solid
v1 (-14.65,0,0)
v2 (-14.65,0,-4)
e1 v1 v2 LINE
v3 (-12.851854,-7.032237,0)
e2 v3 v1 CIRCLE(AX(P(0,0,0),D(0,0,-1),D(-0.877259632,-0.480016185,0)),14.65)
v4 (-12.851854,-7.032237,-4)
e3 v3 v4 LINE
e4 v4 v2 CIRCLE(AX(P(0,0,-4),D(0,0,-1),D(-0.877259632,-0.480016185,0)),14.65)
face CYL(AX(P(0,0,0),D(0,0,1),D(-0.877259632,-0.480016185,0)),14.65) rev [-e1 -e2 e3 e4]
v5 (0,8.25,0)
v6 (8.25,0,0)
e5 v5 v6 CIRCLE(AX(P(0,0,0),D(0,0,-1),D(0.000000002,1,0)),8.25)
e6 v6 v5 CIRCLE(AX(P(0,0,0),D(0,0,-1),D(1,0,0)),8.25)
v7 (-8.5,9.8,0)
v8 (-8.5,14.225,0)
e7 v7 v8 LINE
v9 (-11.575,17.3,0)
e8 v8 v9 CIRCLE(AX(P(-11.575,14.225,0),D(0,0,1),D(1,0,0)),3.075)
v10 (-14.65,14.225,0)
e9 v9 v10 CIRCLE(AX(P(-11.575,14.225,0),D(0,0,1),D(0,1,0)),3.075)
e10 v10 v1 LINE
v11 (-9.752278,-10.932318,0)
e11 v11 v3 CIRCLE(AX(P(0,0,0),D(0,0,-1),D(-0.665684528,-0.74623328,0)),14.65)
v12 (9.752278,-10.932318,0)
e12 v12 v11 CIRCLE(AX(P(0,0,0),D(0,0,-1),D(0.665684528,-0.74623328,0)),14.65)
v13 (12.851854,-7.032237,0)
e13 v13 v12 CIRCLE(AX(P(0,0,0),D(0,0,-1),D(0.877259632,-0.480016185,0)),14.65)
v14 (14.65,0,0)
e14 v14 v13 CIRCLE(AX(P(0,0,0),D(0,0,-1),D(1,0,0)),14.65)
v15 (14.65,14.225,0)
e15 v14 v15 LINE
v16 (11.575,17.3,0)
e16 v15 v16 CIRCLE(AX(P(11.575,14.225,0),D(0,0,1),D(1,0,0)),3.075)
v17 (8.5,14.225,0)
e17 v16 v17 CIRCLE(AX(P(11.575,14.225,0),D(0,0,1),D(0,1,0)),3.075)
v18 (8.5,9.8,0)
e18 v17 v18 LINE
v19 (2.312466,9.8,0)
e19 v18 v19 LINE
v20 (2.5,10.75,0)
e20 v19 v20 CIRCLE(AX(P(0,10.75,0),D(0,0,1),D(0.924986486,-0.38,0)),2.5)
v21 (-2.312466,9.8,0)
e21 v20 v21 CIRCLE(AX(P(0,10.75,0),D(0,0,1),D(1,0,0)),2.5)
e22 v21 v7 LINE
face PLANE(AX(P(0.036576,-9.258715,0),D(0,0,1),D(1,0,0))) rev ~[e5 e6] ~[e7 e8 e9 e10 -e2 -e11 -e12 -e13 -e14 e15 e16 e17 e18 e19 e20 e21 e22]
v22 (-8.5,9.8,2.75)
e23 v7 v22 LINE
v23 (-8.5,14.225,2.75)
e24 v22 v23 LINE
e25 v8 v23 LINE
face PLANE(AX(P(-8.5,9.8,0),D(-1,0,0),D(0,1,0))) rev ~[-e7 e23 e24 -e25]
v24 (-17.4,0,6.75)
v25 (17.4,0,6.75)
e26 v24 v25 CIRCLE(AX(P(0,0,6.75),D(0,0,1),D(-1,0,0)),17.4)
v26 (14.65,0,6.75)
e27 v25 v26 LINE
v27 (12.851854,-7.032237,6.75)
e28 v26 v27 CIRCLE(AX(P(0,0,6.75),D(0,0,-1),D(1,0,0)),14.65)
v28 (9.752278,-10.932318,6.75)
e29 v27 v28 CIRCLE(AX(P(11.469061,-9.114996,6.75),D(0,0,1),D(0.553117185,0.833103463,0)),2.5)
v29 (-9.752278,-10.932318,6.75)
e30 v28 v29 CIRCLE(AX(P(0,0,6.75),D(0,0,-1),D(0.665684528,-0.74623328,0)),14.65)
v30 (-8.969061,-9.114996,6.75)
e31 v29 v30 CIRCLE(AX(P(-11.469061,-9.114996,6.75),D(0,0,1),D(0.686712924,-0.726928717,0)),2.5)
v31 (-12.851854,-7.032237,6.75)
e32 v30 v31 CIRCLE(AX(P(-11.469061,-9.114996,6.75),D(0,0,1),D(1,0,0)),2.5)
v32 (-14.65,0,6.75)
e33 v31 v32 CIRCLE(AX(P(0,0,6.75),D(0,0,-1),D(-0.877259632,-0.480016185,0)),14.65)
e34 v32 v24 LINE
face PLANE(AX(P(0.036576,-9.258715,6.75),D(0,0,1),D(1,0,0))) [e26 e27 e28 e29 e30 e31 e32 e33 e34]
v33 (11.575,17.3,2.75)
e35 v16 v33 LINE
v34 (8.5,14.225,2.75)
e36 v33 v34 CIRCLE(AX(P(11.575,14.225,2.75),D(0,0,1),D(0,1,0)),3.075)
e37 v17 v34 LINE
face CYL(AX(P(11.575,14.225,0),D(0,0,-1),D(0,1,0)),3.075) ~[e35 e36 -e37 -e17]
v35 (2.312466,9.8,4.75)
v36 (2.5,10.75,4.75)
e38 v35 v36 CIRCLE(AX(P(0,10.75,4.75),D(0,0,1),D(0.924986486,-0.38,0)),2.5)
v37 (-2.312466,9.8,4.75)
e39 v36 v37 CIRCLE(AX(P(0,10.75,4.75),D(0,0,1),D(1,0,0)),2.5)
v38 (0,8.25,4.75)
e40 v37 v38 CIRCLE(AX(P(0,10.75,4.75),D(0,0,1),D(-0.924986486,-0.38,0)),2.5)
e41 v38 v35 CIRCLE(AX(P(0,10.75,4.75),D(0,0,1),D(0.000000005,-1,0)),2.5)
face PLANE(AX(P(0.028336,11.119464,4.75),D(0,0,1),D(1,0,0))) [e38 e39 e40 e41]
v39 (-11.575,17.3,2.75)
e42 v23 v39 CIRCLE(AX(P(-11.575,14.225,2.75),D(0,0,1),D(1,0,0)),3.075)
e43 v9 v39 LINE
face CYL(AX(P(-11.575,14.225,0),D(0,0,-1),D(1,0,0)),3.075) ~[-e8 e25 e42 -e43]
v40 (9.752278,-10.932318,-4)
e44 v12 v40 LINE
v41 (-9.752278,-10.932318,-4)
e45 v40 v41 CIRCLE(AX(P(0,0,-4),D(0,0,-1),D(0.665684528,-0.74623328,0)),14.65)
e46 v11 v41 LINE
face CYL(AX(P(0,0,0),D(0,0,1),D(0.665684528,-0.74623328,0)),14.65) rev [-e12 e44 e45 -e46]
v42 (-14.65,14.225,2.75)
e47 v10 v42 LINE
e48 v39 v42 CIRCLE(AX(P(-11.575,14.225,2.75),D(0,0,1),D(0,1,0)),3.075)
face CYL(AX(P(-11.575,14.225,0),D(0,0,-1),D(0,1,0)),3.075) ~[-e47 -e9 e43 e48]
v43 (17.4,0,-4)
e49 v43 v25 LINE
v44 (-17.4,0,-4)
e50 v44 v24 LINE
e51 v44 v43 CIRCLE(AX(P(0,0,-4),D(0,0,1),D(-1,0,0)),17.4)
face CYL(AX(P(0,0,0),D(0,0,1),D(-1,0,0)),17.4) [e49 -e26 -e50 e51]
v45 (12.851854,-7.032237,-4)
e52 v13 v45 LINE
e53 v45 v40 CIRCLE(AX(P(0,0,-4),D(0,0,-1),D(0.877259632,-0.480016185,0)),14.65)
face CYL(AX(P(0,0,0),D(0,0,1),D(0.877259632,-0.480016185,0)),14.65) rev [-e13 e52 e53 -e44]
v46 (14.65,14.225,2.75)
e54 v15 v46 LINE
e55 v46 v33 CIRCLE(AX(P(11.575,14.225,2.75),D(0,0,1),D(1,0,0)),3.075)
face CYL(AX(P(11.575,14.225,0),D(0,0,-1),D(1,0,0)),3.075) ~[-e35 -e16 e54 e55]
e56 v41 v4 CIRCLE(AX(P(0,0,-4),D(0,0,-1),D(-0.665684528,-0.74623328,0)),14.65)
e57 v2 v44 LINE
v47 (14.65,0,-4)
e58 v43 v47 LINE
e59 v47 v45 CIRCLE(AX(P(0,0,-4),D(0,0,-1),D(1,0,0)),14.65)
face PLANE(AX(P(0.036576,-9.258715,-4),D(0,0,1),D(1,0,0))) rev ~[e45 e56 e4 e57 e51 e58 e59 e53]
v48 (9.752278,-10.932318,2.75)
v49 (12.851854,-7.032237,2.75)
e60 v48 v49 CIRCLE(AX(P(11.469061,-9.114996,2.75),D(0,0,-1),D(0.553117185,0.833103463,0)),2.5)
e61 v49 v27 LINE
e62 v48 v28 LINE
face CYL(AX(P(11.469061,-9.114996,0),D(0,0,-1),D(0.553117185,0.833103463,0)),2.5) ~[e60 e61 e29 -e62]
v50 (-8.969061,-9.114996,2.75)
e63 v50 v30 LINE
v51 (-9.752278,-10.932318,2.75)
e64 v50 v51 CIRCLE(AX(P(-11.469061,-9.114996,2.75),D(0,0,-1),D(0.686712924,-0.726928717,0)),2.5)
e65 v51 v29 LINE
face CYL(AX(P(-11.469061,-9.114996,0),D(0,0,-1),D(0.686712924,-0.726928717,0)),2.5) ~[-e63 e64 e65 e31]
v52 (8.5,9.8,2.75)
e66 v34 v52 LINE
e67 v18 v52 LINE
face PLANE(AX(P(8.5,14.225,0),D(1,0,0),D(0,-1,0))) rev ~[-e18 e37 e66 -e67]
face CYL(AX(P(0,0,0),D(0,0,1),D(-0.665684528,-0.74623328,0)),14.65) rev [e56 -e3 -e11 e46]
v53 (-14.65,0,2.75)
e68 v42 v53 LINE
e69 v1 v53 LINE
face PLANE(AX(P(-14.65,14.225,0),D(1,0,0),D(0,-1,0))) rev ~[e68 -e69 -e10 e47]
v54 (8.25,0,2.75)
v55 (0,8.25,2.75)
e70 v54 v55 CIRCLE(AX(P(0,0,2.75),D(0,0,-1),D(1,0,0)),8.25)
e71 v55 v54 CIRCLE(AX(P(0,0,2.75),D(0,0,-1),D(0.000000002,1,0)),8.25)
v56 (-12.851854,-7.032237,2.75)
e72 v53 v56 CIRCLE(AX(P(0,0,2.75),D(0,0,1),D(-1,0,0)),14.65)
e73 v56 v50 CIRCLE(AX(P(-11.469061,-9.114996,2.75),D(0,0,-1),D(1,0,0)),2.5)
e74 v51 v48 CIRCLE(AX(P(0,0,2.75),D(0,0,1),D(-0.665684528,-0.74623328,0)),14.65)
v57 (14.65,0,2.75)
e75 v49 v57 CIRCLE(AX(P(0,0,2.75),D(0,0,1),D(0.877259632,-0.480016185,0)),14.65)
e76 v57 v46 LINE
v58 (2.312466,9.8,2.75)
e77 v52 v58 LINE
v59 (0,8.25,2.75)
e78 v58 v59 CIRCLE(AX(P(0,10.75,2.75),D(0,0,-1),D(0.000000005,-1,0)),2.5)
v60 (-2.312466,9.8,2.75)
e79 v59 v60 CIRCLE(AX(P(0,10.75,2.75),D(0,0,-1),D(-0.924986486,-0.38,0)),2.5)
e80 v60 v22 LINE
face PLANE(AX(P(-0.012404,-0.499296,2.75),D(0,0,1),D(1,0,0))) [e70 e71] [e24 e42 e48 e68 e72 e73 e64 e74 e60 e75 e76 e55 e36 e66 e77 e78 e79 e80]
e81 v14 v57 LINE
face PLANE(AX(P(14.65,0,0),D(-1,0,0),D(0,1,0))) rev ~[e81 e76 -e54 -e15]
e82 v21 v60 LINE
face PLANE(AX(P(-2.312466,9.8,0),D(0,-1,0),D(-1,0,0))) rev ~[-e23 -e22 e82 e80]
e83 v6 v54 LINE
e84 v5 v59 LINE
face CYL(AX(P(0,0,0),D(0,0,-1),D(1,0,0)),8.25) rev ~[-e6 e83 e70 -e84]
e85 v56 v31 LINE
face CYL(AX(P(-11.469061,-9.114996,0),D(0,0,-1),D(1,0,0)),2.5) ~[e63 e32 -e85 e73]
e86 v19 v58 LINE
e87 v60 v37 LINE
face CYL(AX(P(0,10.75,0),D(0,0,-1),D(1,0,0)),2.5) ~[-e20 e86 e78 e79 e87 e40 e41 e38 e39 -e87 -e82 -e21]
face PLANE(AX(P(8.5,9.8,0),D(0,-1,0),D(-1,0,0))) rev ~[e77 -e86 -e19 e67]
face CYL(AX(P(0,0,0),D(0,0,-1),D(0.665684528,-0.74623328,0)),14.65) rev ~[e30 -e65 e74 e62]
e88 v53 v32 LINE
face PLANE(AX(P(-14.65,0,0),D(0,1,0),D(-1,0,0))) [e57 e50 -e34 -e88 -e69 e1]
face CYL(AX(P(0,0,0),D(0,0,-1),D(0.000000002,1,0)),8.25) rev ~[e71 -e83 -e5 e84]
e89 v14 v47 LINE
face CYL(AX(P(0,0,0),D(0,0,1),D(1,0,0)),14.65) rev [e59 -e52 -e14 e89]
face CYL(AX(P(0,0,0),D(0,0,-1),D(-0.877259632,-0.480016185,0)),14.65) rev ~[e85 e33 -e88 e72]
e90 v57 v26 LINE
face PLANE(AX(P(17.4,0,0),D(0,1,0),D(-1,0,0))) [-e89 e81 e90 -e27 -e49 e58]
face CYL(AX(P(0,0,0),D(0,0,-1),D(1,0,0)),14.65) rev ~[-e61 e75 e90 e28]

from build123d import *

# Parameters (mm, degrees)
F1_DEPTH      = 2.75
F2_DEPTH      = 6.75
F2_DEPTH_BACK = 4
F3_DEPTH      = 6.75
F4_DEPTH      = 4.75


with BuildPart() as f1:
    # F0 (on Top) → F1 (new body)
    with BuildSketch(Plane.XY):
        with BuildLine():
            ThreePointArc((2.312466216, 9.8), (1.3919410963, 8.673344038), (1.34e-08, 8.25))
            ThreePointArc((1.34e-08, 8.25), (-1.3919410851, 8.6733440305), (-2.312466216, 9.8))
            Line((-2.312466216, 9.8), (-8.5, 9.8))
            Line((-8.5, 9.8), (-8.5, 11.9319948039))
            ThreePointArc((-8.5, 11.9319948039), (-13.02204861, 6.7118365594), (-14.65, 0))
            ThreePointArc((-14.65, 0), (-14.1933462479, -3.6292454155), (-12.8518536129, -7.0322371059))
            ThreePointArc((-12.8518536129, -7.0322371059), (-10.2873209178, -6.9119317152), (-8.9690606516, -9.1149957636))
            ThreePointArc((-8.9690606516, -9.1149957636), (-9.1731996175, -10.104451226), (-9.7522783412, -10.9323175565))
            ThreePointArc((-9.7522783412, -10.9323175565), (0, -14.65), (9.7522783412, -10.9323175565))
            ThreePointArc((9.7522783412, -10.9323175565), (9.511883066, -7.5595357357), (12.8518536129, -7.0322371059))
            ThreePointArc((12.8518536129, -7.0322371059), (14.1933462479, -3.6292454155), (14.65, 0))
            ThreePointArc((14.65, 0), (13.02204861, 6.7118365594), (8.5, 11.9319948039))
            Line((8.5, 11.9319948039), (8.5, 9.8))
            Line((8.5, 9.8), (2.312466216, 9.8))
        make_face()
        with BuildLine():
            ThreePointArc((1.34e-08, 8.25), (5.8336309495, 5.8336309401), (8.25, 0))
            ThreePointArc((8.25, 0), (-5.8336309495, -5.8336309401), (1.34e-08, 8.25))
        make_face(mode=Mode.SUBTRACT)
        with BuildLine():
            ThreePointArc((9.7522783412, -10.9323175565), (11.4690606516, -9.1149957636), (12.8518536129, -7.0322371059))
            ThreePointArc((12.8518536129, -7.0322371059), (9.511883066, -7.5595357357), (9.7522783412, -10.9323175565))
        make_face()
        with BuildLine():
            ThreePointArc((-8.9690606516, -9.1149957636), (-10.2873209178, -6.9119317152), (-12.8518536129, -7.0322371059))
            ThreePointArc((-12.8518536129, -7.0322371059), (-11.4690606516, -9.1149957636), (-9.7522783412, -10.9323175565))
            ThreePointArc((-9.7522783412, -10.9323175565), (-9.1731996175, -10.104451226), (-8.9690606516, -9.1149957636))
        make_face()
        with BuildLine():
            Line((8.5, 14.225), (8.5, 11.9319948039))
            ThreePointArc((8.5, 11.9319948039), (13.02204861, 6.7118365594), (14.65, 0))
            Line((14.65, 0), (14.65, 9.8))
            Line((14.65, 9.8), (14.65, 14.225))
            ThreePointArc((14.65, 14.225), (13.7493533521, 16.3993533521), (11.575, 17.3))
            ThreePointArc((11.575, 17.3), (9.4006466479, 16.3993533521), (8.5, 14.225))
        make_face()
        with BuildLine():
            ThreePointArc((-14.65, 0), (-13.02204861, 6.7118365594), (-8.5, 11.9319948039))
            Line((-8.5, 11.9319948039), (-8.5, 14.225))
            ThreePointArc((-8.5, 14.225), (-9.4006466479, 16.3993533521), (-11.575, 17.3))
            ThreePointArc((-11.575, 17.3), (-13.7493533521, 16.3993533521), (-14.65, 14.225))
            Line((-14.65, 14.225), (-14.65, 9.8))
            Line((-14.65, 9.8), (-14.65, 0))
        make_face()
        with BuildLine():
            ThreePointArc((-2.312466216, 9.8), (-1.3919410851, 8.6733440305), (1.34e-08, 8.25))
            ThreePointArc((1.34e-08, 8.25), (1.3919410963, 8.673344038), (2.312466216, 9.8))
            Line((2.312466216, 9.8), (0, 9.8))
            Line((0, 9.8), (-2.312466216, 9.8))
        make_face()
        with BuildLine():
            ThreePointArc((2.5, 10.75), (-0.4841665313, 13.2026684998), (-2.312466216, 9.8))
            Line((-2.312466216, 9.8), (0, 9.8))
            Line((0, 9.8), (2.312466216, 9.8))
            ThreePointArc((2.312466216, 9.8), (2.4526684998, 10.2658334687), (2.5, 10.75))
        make_face()
    extrude(amount=F1_DEPTH)

    # F0 (on Top) → F2 (join, two sides)
    with BuildSketch(Plane.XY) as f2_sk:
        with BuildLine():
            ThreePointArc((-12.8518536129, -7.0322371059), (-14.1933462479, -3.6292454155), (-14.65, 0))
            Line((-14.65, 0), (-17.4, 0))
            ThreePointArc((-17.4, 0), (0, -17.4), (17.4, 0))
            Line((17.4, 0), (14.65, 0))
            ThreePointArc((14.65, 0), (14.1933462479, -3.6292454155), (12.8518536129, -7.0322371059))
            ThreePointArc((12.8518536129, -7.0322371059), (13.6721247, -7.9332560298), (13.9690606516, -9.1149957636))
            ThreePointArc((13.9690606516, -9.1149957636), (12.458516114, -11.4108567977), (9.7522783412, -10.9323175565))
            ThreePointArc((9.7522783412, -10.9323175565), (0, -14.65), (-9.7522783412, -10.9323175565))
            ThreePointArc((-9.7522783412, -10.9323175565), (-13.4262382372, -10.6704557915), (-12.8518536129, -7.0322371059))
        make_face()
        with BuildLine():
            ThreePointArc((-9.7522783412, -10.9323175565), (-11.4690606516, -9.1149957636), (-12.8518536129, -7.0322371059))
            ThreePointArc((-12.8518536129, -7.0322371059), (-13.4262382372, -10.6704557915), (-9.7522783412, -10.9323175565))
        make_face()
        with BuildLine():
            ThreePointArc((13.9690606516, -9.1149957636), (13.6721247, -7.9332560298), (12.8518536129, -7.0322371059))
            ThreePointArc((12.8518536129, -7.0322371059), (11.4690606516, -9.1149957636), (9.7522783412, -10.9323175565))
            ThreePointArc((9.7522783412, -10.9323175565), (12.458516114, -11.4108567977), (13.9690606516, -9.1149957636))
        make_face()
    extrude(amount=F2_DEPTH)
    extrude(f2_sk.sketch, amount=-F2_DEPTH_BACK)

    # F0 (on Top) → F3 (join, through all)
    with BuildSketch(Plane.XY):
        with BuildLine():
            ThreePointArc((9.7522783412, -10.9323175565), (11.4690606516, -9.1149957636), (12.8518536129, -7.0322371059))
            ThreePointArc((12.8518536129, -7.0322371059), (9.511883066, -7.5595357357), (9.7522783412, -10.9323175565))
        make_face()
        with BuildLine():
            ThreePointArc((-8.9690606516, -9.1149957636), (-10.2873209178, -6.9119317152), (-12.8518536129, -7.0322371059))
            ThreePointArc((-12.8518536129, -7.0322371059), (-11.4690606516, -9.1149957636), (-9.7522783412, -10.9323175565))
            ThreePointArc((-9.7522783412, -10.9323175565), (-9.1731996175, -10.104451226), (-8.9690606516, -9.1149957636))
        make_face()
        with BuildLine():
            ThreePointArc((-9.7522783412, -10.9323175565), (-11.4690606516, -9.1149957636), (-12.8518536129, -7.0322371059))
            ThreePointArc((-12.8518536129, -7.0322371059), (-13.4262382372, -10.6704557915), (-9.7522783412, -10.9323175565))
        make_face()
    extrude(amount=F3_DEPTH)

    # F0 (on Top) → F4 (join)
    with BuildSketch(Plane.XY):
        with BuildLine():
            ThreePointArc((2.5, 10.75), (-0.4841665313, 13.2026684998), (-2.312466216, 9.8))
            Line((-2.312466216, 9.8), (0, 9.8))
            Line((0, 9.8), (2.312466216, 9.8))
            ThreePointArc((2.312466216, 9.8), (2.4526684998, 10.2658334687), (2.5, 10.75))
        make_face()
        with BuildLine():
            ThreePointArc((-2.312466216, 9.8), (-1.3919410851, 8.6733440305), (1.34e-08, 8.25))
            ThreePointArc((1.34e-08, 8.25), (1.3919410963, 8.673344038), (2.312466216, 9.8))
            Line((2.312466216, 9.8), (0, 9.8))
            Line((0, 9.8), (-2.312466216, 9.8))
        make_face()
    extrude(amount=F4_DEPTH)


solid = f1.part
